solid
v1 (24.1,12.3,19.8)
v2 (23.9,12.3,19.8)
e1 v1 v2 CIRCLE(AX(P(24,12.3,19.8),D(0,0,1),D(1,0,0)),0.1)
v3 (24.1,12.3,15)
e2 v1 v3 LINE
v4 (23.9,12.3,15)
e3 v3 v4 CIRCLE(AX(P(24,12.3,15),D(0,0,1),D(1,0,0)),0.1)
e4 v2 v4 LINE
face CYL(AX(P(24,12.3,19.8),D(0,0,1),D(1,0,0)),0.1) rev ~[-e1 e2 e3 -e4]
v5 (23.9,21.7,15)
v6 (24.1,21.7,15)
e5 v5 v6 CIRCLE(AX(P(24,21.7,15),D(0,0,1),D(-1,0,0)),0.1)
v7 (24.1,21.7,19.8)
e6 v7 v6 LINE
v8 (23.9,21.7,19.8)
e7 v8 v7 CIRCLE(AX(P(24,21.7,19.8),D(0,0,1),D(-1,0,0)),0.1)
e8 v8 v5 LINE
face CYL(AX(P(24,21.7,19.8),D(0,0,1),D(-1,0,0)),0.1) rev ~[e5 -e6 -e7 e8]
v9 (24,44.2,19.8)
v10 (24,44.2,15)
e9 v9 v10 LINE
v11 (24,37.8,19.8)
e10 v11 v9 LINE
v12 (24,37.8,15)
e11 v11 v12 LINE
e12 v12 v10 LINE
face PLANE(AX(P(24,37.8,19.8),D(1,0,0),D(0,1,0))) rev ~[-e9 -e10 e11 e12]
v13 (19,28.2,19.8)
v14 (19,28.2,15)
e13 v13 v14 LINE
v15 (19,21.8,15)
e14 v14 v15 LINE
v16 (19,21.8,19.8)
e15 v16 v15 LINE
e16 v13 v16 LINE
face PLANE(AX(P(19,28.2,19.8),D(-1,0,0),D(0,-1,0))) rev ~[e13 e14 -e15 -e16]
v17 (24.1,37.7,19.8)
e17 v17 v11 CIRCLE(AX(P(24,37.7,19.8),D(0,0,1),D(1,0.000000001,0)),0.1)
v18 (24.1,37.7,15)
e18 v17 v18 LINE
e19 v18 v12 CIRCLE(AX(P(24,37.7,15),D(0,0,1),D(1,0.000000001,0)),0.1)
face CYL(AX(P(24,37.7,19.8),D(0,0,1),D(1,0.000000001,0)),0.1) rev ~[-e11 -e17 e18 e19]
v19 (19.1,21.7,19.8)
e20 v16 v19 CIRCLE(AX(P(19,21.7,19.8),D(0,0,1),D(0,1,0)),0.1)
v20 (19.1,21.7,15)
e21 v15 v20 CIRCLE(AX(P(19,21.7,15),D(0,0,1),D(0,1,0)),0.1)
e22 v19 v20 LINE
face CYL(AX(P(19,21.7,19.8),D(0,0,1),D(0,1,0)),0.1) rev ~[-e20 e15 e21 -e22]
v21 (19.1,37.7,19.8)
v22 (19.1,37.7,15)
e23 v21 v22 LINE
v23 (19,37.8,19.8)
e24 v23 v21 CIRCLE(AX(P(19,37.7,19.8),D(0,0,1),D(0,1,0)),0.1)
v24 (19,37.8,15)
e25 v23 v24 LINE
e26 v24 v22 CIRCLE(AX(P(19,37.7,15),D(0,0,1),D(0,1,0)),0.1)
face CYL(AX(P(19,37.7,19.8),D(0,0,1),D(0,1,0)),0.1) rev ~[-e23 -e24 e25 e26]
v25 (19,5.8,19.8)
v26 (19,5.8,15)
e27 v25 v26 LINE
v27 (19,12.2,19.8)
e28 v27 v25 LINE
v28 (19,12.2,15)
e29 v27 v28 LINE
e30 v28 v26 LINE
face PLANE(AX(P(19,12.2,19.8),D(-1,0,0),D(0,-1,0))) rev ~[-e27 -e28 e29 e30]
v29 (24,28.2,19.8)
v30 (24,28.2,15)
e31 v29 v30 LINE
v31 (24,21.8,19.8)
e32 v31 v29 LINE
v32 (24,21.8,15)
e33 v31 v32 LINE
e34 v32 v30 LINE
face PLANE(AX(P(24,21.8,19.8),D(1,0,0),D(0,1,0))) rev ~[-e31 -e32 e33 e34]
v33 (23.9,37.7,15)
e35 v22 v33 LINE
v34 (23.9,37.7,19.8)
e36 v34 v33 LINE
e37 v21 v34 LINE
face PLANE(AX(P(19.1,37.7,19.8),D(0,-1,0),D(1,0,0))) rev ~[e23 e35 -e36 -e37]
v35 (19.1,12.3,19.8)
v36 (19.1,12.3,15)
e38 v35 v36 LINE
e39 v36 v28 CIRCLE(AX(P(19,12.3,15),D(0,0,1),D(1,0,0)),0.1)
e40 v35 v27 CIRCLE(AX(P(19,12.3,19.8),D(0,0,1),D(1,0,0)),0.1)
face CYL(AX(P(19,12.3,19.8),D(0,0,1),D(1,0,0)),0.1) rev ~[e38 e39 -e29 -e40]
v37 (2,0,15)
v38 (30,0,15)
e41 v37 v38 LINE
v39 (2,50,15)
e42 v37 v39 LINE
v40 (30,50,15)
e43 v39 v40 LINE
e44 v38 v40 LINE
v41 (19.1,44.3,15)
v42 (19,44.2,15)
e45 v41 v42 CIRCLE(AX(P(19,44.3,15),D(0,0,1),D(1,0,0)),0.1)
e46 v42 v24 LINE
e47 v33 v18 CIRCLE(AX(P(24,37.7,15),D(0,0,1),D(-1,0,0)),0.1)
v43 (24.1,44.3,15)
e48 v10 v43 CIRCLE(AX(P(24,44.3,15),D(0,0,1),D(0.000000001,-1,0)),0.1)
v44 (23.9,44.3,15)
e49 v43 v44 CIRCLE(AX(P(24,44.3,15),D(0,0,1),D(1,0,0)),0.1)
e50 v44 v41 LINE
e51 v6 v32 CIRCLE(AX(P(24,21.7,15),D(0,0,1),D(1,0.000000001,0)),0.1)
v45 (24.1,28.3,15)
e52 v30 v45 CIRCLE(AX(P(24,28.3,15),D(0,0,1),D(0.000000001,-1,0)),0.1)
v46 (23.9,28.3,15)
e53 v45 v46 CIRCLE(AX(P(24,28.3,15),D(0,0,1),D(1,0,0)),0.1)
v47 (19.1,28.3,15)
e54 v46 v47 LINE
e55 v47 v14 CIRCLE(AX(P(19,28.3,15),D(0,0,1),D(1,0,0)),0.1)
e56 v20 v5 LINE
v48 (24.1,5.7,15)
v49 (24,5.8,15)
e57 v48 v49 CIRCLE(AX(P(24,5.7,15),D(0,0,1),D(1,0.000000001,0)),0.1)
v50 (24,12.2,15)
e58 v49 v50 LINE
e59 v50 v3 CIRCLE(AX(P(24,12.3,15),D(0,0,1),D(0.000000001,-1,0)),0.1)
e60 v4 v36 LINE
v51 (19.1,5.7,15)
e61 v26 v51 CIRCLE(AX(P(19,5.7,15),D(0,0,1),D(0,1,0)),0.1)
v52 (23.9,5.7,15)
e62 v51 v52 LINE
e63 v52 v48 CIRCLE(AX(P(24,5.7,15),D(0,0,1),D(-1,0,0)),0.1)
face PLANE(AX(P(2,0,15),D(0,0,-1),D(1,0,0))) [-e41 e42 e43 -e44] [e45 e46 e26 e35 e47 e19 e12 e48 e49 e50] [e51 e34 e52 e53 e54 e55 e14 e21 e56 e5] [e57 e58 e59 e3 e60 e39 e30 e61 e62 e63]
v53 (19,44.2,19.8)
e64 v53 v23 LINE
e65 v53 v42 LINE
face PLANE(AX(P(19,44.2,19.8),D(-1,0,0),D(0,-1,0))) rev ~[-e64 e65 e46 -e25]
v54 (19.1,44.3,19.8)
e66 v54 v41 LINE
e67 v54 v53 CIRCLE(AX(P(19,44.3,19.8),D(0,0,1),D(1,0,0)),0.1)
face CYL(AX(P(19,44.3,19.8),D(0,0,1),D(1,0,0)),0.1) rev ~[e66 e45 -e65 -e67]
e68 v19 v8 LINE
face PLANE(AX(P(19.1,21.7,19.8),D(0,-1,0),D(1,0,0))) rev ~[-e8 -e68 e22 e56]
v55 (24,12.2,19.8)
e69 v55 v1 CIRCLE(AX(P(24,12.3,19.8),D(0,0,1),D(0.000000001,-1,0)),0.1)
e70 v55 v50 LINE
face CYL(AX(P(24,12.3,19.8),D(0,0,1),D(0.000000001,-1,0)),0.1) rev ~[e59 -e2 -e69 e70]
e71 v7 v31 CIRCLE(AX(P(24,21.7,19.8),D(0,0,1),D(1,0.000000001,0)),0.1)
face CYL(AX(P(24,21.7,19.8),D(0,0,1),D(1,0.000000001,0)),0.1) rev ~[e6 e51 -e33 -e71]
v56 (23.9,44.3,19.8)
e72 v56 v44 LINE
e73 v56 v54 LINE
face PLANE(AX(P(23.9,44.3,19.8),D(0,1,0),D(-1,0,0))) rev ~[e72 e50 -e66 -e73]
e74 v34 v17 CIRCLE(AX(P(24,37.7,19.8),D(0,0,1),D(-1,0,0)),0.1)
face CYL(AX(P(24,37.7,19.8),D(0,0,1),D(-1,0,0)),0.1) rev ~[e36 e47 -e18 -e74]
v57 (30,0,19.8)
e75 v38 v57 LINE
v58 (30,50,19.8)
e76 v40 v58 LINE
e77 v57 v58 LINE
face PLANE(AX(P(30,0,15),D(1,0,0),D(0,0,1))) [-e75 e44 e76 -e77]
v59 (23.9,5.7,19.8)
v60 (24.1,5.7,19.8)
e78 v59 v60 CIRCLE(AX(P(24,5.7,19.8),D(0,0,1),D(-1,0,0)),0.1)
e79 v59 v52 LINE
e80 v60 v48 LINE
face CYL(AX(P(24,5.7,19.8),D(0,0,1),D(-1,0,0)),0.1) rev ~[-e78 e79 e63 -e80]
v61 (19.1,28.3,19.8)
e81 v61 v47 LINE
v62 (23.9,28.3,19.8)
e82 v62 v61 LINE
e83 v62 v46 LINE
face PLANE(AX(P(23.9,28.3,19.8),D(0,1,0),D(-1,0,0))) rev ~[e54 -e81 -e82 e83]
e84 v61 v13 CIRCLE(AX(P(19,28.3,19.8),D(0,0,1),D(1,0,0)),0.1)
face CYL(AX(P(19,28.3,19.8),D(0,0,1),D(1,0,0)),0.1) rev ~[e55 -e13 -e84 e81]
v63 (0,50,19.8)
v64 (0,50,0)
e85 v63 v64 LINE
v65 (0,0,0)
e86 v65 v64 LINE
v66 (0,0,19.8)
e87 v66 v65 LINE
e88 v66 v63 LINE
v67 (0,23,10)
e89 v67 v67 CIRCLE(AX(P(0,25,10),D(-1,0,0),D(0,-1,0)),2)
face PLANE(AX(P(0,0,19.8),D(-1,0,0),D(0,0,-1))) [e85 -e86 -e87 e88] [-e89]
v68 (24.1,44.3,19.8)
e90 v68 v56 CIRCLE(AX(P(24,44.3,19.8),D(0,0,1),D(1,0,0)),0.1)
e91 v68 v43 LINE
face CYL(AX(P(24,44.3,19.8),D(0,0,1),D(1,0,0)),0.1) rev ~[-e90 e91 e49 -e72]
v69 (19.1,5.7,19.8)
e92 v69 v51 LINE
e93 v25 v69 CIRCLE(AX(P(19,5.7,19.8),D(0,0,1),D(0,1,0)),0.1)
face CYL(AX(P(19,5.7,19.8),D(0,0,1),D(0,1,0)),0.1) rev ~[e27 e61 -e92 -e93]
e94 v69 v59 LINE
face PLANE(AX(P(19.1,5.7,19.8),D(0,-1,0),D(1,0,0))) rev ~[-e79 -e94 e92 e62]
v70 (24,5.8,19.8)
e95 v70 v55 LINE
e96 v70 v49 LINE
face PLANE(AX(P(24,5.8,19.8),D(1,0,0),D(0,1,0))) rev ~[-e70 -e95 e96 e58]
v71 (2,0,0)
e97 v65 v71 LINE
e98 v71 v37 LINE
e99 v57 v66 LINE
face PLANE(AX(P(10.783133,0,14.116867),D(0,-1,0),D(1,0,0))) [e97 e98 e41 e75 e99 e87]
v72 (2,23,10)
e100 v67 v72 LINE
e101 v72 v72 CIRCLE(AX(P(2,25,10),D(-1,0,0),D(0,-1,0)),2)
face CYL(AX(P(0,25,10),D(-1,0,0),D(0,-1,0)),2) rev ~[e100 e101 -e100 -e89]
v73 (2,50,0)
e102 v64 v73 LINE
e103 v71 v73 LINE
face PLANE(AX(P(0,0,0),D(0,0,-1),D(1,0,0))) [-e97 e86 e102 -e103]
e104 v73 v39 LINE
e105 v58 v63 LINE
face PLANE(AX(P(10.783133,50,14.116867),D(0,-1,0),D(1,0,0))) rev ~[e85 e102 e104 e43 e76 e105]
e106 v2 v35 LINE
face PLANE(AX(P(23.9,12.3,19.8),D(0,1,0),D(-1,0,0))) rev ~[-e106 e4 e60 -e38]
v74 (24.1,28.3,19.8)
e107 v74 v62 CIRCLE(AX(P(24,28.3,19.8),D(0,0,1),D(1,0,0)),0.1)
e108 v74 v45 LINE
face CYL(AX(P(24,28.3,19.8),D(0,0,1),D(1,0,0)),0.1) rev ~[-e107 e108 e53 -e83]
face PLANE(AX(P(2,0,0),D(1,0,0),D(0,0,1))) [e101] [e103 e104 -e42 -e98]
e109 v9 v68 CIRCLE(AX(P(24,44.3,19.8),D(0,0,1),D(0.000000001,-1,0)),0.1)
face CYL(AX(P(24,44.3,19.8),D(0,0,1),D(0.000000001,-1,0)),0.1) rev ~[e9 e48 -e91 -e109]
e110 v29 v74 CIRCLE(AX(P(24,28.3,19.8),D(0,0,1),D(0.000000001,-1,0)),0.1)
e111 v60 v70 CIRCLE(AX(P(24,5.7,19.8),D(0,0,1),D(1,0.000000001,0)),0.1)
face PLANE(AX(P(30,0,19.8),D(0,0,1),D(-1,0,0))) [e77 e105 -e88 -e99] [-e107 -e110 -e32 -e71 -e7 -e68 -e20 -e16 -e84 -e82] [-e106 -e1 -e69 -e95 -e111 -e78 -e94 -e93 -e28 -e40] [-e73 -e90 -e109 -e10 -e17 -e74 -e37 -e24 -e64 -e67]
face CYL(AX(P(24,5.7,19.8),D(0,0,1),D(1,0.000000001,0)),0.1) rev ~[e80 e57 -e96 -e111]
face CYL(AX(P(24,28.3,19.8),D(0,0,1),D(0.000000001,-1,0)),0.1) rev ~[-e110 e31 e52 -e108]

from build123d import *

# Parameters (mm, degrees)
F2_DEPTH = 50
F4_R     = 2
F5_DEPTH = 2
F6_DEPTH = 4.8


with BuildPart() as f2:
    # F1 (on Front) → F2 (new body)
    with BuildSketch(Plane.XZ):
        Polygon((0, 19.8), (0, 0), (2, 0), (2, 15), (30, 15), (30, 19.8), align=None)
    extrude(amount=-F2_DEPTH)

    # F4 (on face) → F5 (cut, through all)
    with BuildSketch(Plane(origin=(0, 0, 0), x_dir=(0, -1, 0), z_dir=(-1, 0, 0))):
        with Locations((-25, 10)):
            Circle(F4_R)
    extrude(amount=-F5_DEPTH, mode=Mode.SUBTRACT)

    # F3 (on face) → F6 (cut, through all)
    with BuildSketch(Plane.XY.offset(19.8)):
        with BuildLine():
            ThreePointArc((19, 21.8), (18.9292893219, 21.6292893219), (19.1, 21.7))
            Line((19.1, 21.7), (19, 21.7))
            Line((19, 21.7), (19, 21.8))
        make_face()
        with BuildLine():
            ThreePointArc((19, 21.8), (19.0707106781, 21.7707106781), (19.1, 21.7))
            Line((19.1, 21.7), (23.9, 21.7))
            ThreePointArc((23.9, 21.7), (23.9292893219, 21.7707106781), (24, 21.8))
            Line((24, 21.8), (24, 28.2))
            ThreePointArc((24, 28.2), (23.9292893219, 28.2292893219), (23.9, 28.3))
            Line((23.9, 28.3), (19.1, 28.3))
            ThreePointArc((19.1, 28.3), (19.0707106781, 28.2292893219), (19, 28.2))
            Line((19, 28.2), (19, 21.8))
        make_face()
        with BuildLine():
            Line((19, 21.7), (19.1, 21.7))
            ThreePointArc((19.1, 21.7), (19.0707106781, 21.7707106781), (19, 21.8))
            Line((19, 21.8), (19, 21.7))
        make_face()
        with BuildLine():
            ThreePointArc((24, 21.8), (23.9292893219, 21.7707106781), (23.9, 21.7))
            Line((23.9, 21.7), (24, 21.7))
            Line((24, 21.7), (24, 21.8))
        make_face()
        with BuildLine():
            Line((24, 21.7), (23.9, 21.7))
            ThreePointArc((23.9, 21.7), (24, 21.6), (24.1, 21.7))
            ThreePointArc((24.1, 21.7), (24.0707106781, 21.7707106781), (24, 21.8))
            Line((24, 21.8), (24, 21.7))
        make_face()
        with BuildLine():
            ThreePointArc((19.1, 28.3), (18.9292893219, 28.3707106781), (19, 28.2))
            Line((19, 28.2), (19, 28.3))
            Line((19, 28.3), (19.1, 28.3))
        make_face()
        with BuildLine():
            Line((19, 28.3), (19, 28.2))
            ThreePointArc((19, 28.2), (19.0707106781, 28.2292893219), (19.1, 28.3))
            Line((19.1, 28.3), (19, 28.3))
        make_face()
        with BuildLine():
            ThreePointArc((23.9, 28.3), (23.9292893219, 28.2292893219), (24, 28.2))
            Line((24, 28.2), (24, 28.3))
            Line((24, 28.3), (23.9, 28.3))
        make_face()
        with BuildLine():
            Line((24, 28.3), (24, 28.2))
            ThreePointArc((24, 28.2), (24.0707106781, 28.2292893219), (24.1, 28.3))
            ThreePointArc((24.1, 28.3), (24, 28.4), (23.9, 28.3))
            Line((23.9, 28.3), (24, 28.3))
        make_face()
        with BuildLine():
            ThreePointArc((19, 37.8), (18.9292893219, 37.6292893219), (19.1, 37.7))
            Line((19.1, 37.7), (19, 37.7))
            Line((19, 37.7), (19, 37.8))
        make_face()
        with BuildLine():
            ThreePointArc((19, 37.8), (19.0707106781, 37.7707106781), (19.1, 37.7))
            Line((19.1, 37.7), (23.9, 37.7))
            ThreePointArc((23.9, 37.7), (23.9292893219, 37.7707106781), (24, 37.8))
            Line((24, 37.8), (24, 44.2))
            ThreePointArc((24, 44.2), (23.9292893219, 44.2292893219), (23.9, 44.3))
            Line((23.9, 44.3), (19.1, 44.3))
            ThreePointArc((19.1, 44.3), (19.0707106781, 44.2292893219), (19, 44.2))
            Line((19, 44.2), (19, 37.8))
        make_face()
        with BuildLine():
            Line((19, 37.7), (19.1, 37.7))
            ThreePointArc((19.1, 37.7), (19.0707106781, 37.7707106781), (19, 37.8))
            Line((19, 37.8), (19, 37.7))
        make_face()
        with BuildLine():
            ThreePointArc((24, 37.8), (23.9292893219, 37.7707106781), (23.9, 37.7))
            Line((23.9, 37.7), (24, 37.7))
            Line((24, 37.7), (24, 37.8))
        make_face()
        with BuildLine():
            Line((24, 37.7), (23.9, 37.7))
            ThreePointArc((23.9, 37.7), (24, 37.6), (24.1, 37.7))
            ThreePointArc((24.1, 37.7), (24.0707106781, 37.7707106781), (24, 37.8))
            Line((24, 37.8), (24, 37.7))
        make_face()
        with BuildLine():
            ThreePointArc((19.1, 44.3), (18.9292893219, 44.3707106781), (19, 44.2))
            Line((19, 44.2), (19, 44.3))
            Line((19, 44.3), (19.1, 44.3))
        make_face()
        with BuildLine():
            Line((19, 44.3), (19, 44.2))
            ThreePointArc((19, 44.2), (19.0707106781, 44.2292893219), (19.1, 44.3))
            Line((19.1, 44.3), (19, 44.3))
        make_face()
        with BuildLine():
            Line((24, 44.3), (24, 44.2))
            ThreePointArc((24, 44.2), (24.0707106781, 44.2292893219), (24.1, 44.3))
            ThreePointArc((24.1, 44.3), (24, 44.4), (23.9, 44.3))
            Line((23.9, 44.3), (24, 44.3))
        make_face()
        with BuildLine():
            ThreePointArc((23.9, 44.3), (23.9292893219, 44.2292893219), (24, 44.2))
            Line((24, 44.2), (24, 44.3))
            Line((24, 44.3), (23.9, 44.3))
        make_face()
        with BuildLine():
            ThreePointArc((19, 12.2), (19.0707106781, 12.2292893219), (19.1, 12.3))
            Line((19.1, 12.3), (19, 12.3))
            Line((19, 12.3), (19, 12.2))
        make_face()
        with BuildLine():
            Line((19, 12.3), (19.1, 12.3))
            ThreePointArc((19.1, 12.3), (18.9292893219, 12.3707106781), (19, 12.2))
            Line((19, 12.2), (19, 12.3))
        make_face()
        with BuildLine():
            Line((23.9, 12.3), (19.1, 12.3))
            ThreePointArc((19.1, 12.3), (19.0707106781, 12.2292893219), (19, 12.2))
            Line((19, 12.2), (19, 5.8))
            ThreePointArc((19, 5.8), (19.0707106781, 5.7707106781), (19.1, 5.7))
            Line((19.1, 5.7), (23.9, 5.7))
            ThreePointArc((23.9, 5.7), (23.9292893219, 5.7707106781), (24, 5.8))
            Line((24, 5.8), (24, 12.2))
            ThreePointArc((24, 12.2), (23.9292893219, 12.2292893219), (23.9, 12.3))
        make_face()
        with BuildLine():
            ThreePointArc((24.1, 12.3), (24, 12.4), (23.9, 12.3))
            Line((23.9, 12.3), (24, 12.3))
            Line((24, 12.3), (24, 12.2))
            ThreePointArc((24, 12.2), (24.0707106781, 12.2292893219), (24.1, 12.3))
        make_face()
        with BuildLine():
            Line((24, 12.3), (23.9, 12.3))
            ThreePointArc((23.9, 12.3), (23.9292893219, 12.2292893219), (24, 12.2))
            Line((24, 12.2), (24, 12.3))
        make_face()
        with BuildLine():
            ThreePointArc((19.1, 5.7), (19.0707106781, 5.7707106781), (19, 5.8))
            Line((19, 5.8), (19, 5.7))
            Line((19, 5.7), (19.1, 5.7))
        make_face()
        with BuildLine():
            Line((19, 5.7), (19, 5.8))
            ThreePointArc((19, 5.8), (18.9292893219, 5.6292893219), (19.1, 5.7))
            Line((19.1, 5.7), (19, 5.7))
        make_face()
        with BuildLine():
            Line((24, 5.7), (24, 5.8))
            ThreePointArc((24, 5.8), (23.9292893219, 5.7707106781), (23.9, 5.7))
            Line((23.9, 5.7), (24, 5.7))
        make_face()
        with BuildLine():
            ThreePointArc((24.1, 5.7), (24.0707106781, 5.7707106781), (24, 5.8))
            Line((24, 5.8), (24, 5.7))
            Line((24, 5.7), (23.9, 5.7))
            ThreePointArc((23.9, 5.7), (24, 5.6), (24.1, 5.7))
        make_face()
    extrude(amount=-F6_DEPTH, mode=Mode.SUBTRACT)


solid = f2.part
